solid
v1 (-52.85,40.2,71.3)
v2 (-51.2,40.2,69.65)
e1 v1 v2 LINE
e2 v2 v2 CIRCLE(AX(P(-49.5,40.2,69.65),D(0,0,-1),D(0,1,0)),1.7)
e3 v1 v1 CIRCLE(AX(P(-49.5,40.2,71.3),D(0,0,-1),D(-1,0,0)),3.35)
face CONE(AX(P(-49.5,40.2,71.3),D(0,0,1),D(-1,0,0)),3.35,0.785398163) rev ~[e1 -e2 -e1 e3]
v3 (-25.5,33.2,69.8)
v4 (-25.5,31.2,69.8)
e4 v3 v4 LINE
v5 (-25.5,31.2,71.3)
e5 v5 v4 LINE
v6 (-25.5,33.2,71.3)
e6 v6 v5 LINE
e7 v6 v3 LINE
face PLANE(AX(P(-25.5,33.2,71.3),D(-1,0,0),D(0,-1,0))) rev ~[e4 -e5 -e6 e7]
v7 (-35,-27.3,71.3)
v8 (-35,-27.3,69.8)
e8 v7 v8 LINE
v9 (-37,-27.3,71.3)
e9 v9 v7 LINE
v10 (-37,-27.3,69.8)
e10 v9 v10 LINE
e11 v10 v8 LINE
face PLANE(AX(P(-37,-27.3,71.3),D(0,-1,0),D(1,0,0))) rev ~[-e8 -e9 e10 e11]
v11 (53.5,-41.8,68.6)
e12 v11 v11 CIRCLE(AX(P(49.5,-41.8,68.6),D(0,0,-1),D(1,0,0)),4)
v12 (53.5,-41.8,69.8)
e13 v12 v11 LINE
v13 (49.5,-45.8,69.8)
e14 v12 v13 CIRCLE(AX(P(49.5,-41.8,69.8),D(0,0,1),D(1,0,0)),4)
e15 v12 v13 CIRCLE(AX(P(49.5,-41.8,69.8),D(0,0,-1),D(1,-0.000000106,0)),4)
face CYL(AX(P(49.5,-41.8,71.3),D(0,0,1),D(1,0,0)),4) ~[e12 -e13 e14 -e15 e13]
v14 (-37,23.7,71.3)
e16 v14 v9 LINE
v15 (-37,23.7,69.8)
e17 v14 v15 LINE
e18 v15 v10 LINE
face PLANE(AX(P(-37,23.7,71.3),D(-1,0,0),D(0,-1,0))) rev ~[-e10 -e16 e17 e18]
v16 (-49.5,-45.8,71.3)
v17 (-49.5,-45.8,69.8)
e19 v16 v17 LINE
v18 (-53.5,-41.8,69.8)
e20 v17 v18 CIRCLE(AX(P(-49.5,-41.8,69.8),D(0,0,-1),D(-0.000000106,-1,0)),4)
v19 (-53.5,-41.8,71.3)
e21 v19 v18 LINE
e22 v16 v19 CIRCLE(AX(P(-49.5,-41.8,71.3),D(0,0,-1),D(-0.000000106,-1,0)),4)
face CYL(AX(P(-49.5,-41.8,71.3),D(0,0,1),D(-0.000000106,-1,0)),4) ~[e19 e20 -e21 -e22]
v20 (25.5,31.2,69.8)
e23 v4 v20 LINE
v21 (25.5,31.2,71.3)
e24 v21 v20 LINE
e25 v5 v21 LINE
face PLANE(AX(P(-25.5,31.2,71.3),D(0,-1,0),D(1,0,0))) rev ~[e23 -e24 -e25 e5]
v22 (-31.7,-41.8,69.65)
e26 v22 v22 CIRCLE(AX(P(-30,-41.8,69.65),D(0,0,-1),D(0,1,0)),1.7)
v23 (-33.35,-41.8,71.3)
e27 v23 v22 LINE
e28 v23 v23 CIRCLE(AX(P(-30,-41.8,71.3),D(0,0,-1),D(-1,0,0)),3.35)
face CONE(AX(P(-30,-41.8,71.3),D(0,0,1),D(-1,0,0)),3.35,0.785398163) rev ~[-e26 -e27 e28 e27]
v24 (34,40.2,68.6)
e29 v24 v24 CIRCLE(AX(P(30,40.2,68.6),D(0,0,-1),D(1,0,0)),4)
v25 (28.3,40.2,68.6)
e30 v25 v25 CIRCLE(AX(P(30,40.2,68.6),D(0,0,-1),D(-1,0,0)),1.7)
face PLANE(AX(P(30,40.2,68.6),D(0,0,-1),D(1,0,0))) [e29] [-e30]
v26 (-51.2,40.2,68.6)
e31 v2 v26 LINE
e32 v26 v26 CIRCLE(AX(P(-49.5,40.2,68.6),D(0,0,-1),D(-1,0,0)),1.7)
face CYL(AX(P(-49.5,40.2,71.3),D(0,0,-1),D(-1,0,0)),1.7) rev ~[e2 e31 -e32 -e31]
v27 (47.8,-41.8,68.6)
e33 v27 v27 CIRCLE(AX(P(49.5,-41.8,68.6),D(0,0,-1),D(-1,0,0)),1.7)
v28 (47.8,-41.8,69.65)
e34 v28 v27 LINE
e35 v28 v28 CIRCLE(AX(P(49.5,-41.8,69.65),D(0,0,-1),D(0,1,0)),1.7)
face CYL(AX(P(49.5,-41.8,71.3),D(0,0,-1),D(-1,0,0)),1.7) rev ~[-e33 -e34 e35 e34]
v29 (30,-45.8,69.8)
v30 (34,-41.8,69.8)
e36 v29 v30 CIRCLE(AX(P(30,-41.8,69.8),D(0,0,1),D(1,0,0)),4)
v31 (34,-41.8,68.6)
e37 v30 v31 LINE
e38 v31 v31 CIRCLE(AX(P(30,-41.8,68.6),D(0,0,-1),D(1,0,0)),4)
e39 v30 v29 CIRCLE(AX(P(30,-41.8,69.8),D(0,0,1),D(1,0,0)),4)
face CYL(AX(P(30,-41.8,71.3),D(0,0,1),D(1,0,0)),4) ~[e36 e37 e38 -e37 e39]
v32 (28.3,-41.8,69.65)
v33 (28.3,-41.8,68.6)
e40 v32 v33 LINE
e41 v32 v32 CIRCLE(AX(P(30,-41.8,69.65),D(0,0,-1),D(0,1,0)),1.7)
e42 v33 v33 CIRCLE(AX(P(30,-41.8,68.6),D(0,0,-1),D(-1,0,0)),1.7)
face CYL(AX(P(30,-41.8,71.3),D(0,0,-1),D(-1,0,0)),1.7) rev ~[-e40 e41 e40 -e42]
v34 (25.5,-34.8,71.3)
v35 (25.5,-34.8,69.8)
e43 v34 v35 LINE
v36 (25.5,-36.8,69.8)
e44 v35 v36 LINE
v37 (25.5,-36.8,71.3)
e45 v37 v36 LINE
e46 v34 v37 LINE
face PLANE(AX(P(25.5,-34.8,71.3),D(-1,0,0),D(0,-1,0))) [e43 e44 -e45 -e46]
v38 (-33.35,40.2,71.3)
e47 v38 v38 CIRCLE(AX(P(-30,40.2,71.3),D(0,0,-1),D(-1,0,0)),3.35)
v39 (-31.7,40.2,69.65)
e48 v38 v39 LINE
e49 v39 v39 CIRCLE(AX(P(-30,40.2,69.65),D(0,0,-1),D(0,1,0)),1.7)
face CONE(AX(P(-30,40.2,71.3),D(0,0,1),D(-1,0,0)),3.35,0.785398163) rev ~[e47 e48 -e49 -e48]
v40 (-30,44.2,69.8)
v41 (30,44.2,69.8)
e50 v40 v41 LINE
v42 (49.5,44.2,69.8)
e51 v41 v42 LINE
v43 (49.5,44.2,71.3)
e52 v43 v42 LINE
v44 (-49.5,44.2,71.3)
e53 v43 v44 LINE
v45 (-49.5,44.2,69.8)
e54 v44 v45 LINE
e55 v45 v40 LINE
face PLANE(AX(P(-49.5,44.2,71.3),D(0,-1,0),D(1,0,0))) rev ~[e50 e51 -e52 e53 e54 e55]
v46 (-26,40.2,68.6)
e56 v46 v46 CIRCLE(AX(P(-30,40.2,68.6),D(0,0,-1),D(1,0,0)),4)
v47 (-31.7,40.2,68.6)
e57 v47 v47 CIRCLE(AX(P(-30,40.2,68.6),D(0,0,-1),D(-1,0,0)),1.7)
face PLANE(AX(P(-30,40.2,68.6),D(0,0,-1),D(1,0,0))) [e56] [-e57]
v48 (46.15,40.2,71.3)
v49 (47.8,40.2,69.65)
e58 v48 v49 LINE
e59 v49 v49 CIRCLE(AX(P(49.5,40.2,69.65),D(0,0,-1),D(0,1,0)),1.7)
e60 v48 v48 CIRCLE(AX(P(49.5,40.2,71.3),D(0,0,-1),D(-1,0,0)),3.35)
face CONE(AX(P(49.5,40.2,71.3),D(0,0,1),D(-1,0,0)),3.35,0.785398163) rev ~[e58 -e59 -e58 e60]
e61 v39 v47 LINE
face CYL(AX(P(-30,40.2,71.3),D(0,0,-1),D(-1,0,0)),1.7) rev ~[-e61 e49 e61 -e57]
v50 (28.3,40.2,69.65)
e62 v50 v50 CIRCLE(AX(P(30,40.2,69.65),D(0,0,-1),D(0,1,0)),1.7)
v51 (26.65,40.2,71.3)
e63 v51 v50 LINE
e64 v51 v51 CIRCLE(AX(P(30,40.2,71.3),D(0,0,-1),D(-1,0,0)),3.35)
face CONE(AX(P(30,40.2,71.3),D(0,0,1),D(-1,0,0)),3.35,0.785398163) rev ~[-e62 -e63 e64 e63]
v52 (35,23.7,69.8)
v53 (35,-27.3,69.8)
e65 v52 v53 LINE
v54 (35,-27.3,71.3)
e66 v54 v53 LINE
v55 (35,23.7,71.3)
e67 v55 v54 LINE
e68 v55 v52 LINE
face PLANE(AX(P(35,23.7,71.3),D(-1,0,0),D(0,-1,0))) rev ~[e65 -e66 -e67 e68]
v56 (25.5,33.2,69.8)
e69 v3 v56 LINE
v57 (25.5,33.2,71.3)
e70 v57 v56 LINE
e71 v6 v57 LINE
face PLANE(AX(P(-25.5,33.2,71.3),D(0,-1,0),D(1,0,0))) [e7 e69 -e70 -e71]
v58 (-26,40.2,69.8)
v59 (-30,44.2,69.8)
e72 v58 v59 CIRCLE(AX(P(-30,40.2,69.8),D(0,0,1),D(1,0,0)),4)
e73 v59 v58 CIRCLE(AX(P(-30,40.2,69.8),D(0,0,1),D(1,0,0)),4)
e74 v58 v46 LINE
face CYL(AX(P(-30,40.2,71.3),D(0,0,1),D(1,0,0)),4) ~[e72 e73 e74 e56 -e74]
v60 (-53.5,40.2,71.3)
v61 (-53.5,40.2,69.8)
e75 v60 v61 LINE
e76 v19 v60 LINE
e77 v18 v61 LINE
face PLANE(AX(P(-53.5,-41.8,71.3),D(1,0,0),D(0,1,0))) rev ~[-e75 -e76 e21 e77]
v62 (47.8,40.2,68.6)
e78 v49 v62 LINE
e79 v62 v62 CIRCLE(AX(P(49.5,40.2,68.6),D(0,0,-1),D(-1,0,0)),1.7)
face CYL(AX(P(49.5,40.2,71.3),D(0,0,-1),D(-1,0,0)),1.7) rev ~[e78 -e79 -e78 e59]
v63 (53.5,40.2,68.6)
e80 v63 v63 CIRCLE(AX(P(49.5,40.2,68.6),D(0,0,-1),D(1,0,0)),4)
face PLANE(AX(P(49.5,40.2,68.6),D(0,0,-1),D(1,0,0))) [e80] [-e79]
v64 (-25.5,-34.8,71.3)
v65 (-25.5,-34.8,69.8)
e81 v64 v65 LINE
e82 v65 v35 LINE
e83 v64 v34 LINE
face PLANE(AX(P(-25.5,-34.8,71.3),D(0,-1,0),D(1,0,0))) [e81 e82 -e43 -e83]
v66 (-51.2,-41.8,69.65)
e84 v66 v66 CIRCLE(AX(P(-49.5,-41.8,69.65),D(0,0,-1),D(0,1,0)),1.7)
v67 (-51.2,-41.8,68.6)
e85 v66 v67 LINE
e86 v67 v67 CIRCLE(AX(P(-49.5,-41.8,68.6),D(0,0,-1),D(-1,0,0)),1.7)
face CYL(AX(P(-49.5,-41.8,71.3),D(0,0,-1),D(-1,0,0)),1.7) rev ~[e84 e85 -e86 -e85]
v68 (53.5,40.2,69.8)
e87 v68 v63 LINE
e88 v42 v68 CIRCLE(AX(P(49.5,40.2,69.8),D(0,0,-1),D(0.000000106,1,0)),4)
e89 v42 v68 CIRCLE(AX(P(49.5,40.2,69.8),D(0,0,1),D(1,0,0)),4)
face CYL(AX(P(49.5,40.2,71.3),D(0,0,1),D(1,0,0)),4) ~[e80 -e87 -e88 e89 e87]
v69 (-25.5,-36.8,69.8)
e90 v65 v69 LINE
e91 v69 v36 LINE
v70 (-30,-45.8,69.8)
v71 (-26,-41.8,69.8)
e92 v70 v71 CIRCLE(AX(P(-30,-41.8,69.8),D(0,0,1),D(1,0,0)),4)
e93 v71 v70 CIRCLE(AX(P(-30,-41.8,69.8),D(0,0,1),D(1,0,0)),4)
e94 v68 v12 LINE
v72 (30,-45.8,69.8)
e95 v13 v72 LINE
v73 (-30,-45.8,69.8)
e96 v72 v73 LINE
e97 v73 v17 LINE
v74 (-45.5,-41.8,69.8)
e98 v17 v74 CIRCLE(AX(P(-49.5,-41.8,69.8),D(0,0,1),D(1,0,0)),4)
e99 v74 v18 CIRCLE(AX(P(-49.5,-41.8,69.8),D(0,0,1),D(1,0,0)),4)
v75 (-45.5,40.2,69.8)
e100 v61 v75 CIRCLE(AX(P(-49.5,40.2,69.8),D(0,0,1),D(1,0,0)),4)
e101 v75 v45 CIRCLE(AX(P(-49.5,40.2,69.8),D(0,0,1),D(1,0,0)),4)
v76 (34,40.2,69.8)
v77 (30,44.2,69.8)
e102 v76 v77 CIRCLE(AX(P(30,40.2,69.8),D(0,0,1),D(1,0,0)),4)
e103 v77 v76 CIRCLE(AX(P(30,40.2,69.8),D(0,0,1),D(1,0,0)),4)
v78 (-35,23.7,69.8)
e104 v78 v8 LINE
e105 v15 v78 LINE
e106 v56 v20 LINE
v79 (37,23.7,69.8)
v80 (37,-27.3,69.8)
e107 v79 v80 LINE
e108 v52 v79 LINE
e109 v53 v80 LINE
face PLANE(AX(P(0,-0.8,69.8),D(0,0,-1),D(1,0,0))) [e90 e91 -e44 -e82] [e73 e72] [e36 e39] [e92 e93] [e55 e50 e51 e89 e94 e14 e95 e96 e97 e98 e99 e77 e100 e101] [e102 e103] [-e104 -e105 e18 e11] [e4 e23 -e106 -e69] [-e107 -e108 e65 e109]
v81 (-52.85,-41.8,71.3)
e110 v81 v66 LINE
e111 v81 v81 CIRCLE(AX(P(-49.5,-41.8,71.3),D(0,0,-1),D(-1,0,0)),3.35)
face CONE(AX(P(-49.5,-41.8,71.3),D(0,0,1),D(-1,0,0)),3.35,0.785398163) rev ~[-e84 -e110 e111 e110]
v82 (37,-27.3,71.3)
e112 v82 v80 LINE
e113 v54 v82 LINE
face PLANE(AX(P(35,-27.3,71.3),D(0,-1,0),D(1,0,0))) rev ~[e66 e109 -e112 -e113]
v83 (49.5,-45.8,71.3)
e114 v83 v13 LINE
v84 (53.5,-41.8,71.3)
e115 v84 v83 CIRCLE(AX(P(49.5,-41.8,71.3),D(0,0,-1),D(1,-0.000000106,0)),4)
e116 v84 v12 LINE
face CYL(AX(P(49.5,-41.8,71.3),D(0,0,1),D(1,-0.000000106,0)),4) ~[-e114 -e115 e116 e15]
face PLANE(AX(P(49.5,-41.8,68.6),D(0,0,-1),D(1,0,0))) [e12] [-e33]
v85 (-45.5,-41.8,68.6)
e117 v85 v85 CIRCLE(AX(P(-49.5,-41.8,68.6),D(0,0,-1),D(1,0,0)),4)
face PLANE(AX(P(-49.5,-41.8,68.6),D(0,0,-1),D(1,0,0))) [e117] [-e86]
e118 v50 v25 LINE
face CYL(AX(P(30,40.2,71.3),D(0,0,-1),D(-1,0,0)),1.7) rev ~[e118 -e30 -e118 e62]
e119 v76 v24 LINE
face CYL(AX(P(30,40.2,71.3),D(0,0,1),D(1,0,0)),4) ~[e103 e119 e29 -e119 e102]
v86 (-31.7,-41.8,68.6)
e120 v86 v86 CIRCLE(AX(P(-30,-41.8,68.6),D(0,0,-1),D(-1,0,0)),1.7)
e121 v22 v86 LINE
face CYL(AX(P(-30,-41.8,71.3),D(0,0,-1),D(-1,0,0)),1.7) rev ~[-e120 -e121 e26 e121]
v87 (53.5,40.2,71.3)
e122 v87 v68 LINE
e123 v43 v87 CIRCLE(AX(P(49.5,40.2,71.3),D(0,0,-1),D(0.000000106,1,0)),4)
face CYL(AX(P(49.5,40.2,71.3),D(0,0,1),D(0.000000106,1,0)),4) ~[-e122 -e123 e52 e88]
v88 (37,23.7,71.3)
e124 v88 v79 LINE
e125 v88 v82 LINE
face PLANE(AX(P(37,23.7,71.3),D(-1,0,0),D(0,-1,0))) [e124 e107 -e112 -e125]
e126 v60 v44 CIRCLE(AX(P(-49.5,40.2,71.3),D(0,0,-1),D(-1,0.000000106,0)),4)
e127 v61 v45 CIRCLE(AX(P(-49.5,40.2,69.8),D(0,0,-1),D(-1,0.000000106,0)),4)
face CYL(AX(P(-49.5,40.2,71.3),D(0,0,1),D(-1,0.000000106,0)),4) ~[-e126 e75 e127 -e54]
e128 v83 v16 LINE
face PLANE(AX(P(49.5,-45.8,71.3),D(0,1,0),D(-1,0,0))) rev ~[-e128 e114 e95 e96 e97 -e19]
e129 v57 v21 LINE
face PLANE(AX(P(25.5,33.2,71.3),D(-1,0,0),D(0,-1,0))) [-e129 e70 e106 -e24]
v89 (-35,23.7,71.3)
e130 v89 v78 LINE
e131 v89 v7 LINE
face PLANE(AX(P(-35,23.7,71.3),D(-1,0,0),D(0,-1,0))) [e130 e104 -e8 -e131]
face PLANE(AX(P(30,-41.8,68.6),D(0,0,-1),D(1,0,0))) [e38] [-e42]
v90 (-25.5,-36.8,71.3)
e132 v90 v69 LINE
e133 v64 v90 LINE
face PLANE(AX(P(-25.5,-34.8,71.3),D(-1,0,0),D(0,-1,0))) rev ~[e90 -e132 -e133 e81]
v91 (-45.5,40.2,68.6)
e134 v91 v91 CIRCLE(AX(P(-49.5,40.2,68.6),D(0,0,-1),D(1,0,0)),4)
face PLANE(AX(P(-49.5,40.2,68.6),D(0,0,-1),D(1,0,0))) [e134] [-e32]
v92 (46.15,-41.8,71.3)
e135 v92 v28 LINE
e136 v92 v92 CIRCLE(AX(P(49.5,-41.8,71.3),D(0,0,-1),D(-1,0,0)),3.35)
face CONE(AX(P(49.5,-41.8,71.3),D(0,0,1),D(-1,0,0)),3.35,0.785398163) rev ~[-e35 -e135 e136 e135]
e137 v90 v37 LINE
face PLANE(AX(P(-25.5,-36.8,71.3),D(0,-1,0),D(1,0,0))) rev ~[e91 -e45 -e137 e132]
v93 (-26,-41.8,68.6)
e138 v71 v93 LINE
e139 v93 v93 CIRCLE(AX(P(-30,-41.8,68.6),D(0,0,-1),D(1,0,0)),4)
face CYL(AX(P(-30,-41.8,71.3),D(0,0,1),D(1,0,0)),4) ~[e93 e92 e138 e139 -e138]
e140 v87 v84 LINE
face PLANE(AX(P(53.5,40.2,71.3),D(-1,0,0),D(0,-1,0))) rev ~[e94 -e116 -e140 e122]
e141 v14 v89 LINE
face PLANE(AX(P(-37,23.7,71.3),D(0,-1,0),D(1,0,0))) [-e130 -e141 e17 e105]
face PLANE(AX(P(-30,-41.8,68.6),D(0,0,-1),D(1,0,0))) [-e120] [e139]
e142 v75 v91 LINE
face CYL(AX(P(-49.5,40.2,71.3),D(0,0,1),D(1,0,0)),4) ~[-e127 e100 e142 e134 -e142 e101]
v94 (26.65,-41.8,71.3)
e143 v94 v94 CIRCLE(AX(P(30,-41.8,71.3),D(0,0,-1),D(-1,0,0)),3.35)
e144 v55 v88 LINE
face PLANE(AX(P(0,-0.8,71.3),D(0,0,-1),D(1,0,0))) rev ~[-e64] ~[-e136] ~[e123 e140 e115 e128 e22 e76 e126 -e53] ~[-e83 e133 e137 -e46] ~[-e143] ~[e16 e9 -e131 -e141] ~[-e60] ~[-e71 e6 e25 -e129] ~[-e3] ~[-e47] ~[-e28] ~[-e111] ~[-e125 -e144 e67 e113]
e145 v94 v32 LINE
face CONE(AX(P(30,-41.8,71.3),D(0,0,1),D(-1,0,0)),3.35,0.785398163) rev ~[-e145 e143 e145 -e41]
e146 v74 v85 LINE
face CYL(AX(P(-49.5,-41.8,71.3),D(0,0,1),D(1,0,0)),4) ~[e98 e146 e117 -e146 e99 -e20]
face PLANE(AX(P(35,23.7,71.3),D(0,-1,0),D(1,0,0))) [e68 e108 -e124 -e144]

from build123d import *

# Parameters (mm, degrees)
SKETCH030_W             = 51
SKETCH030_H             = 2
SKETCH030_W_2           = 2
SKETCH030_H_2           = 51
PAD018_DEPTH            = 1.5
SKETCH031_R             = 4
SKETCH031_R_2           = 1.6
PAD019_DEPTH            = 2.7
HOLE_D                  = 3.4
HOLE_DEPTH              = 25
HOLE_CSINK_D            = 6.7
HOLE_CSINK_ANGLE        = 90
BODY008_PLACEMENT_ANGLE = 180


with BuildPart() as part:
    # Sketch030 → Pad018 (new body)
    with BuildSketch(Plane.XY):
        with BuildLine():
            Line((-53.5, 40), (-53.5, -42))
            ThreePointArc((-53.5, -42), (-52.328427, -44.828427), (-49.5, -46))
            Line((-49.5, -46), (49.5, -46))
            ThreePointArc((49.5, -46), (52.328427, -44.828427), (53.5, -42))
            Line((53.5, -42), (53.5, 40))
            ThreePointArc((53.5, 40), (52.328427, 42.828427), (49.5, 44))
            Line((49.5, 44), (-49.5, 44))
            ThreePointArc((-49.5, 44), (-52.328427, 42.828427), (-53.5, 40))
        make_face()
        with Locations((0, 34)):
            Rectangle(SKETCH030_W, SKETCH030_H, mode=Mode.SUBTRACT)
        with Locations((0, -34)):
            Rectangle(SKETCH030_W, SKETCH030_H, mode=Mode.SUBTRACT)
        with Locations((36, 0)):
            Rectangle(SKETCH030_W_2, SKETCH030_H_2, mode=Mode.SUBTRACT)
        with Locations((-36, 0)):
            Rectangle(SKETCH030_W_2, SKETCH030_H_2, mode=Mode.SUBTRACT)
    extrude(amount=PAD018_DEPTH)

    # Sketch031 → Pad019 (join)
    with BuildSketch(Plane.XY):
        with Locations((-49.5, 40)):
            Circle(SKETCH031_R)
        with Locations((-49.5, 40)):
            Circle(SKETCH031_R_2, mode=Mode.SUBTRACT)
        with Locations((-30, 40)):
            Circle(SKETCH031_R)
        with Locations((-30, 40)):
            Circle(SKETCH031_R_2, mode=Mode.SUBTRACT)
        with Locations((30, 40)):
            Circle(SKETCH031_R)
        with Locations((30, 40)):
            Circle(SKETCH031_R_2, mode=Mode.SUBTRACT)
        with Locations((30, -42)):
            Circle(SKETCH031_R)
        with Locations((30, -42)):
            Circle(SKETCH031_R_2, mode=Mode.SUBTRACT)
        with Locations((-30, -42)):
            Circle(SKETCH031_R)
        with Locations((-30, -42)):
            Circle(SKETCH031_R_2, mode=Mode.SUBTRACT)
        with Locations((-49.5, -42)):
            Circle(SKETCH031_R)
        with Locations((-49.5, -42)):
            Circle(SKETCH031_R_2, mode=Mode.SUBTRACT)
        with Locations((49.5, -42)):
            Circle(SKETCH031_R)
        with Locations((49.5, -42)):
            Circle(SKETCH031_R_2, mode=Mode.SUBTRACT)
        with Locations((49.5, 40)):
            Circle(SKETCH031_R)
        with Locations((49.5, 40)):
            Circle(SKETCH031_R_2, mode=Mode.SUBTRACT)
    extrude(amount=PAD019_DEPTH)

    # Hole
    with Locations(Plane(origin=(0, 0, 0), x_dir=(1, 0, 0), z_dir=(0, 0, -1))):
        with Locations((-49.5, -40), (-30, -40), (30, -40), (30, 42), (-30, 42), (-49.5, 42), (-49.5, 42), (-30, 42), (30, 42), (30, -40), (-30, -40), (-49.5, -40), (49.5, 42), (49.5, 42), (49.5, -40), (49.5, -40)):
            CounterSinkHole(HOLE_D / 2, HOLE_CSINK_D / 2, depth=HOLE_DEPTH, counter_sink_angle=HOLE_CSINK_ANGLE)


with BuildPart() as part_1:
    # Body008 placement: moved
    add(part.part.moved(Location((0, -1.8, 71.3))).rotate(Axis((0, -1.8, 71.3), (1, 0, 0)), BODY008_PLACEMENT_ANGLE))


solid = part_1.part
